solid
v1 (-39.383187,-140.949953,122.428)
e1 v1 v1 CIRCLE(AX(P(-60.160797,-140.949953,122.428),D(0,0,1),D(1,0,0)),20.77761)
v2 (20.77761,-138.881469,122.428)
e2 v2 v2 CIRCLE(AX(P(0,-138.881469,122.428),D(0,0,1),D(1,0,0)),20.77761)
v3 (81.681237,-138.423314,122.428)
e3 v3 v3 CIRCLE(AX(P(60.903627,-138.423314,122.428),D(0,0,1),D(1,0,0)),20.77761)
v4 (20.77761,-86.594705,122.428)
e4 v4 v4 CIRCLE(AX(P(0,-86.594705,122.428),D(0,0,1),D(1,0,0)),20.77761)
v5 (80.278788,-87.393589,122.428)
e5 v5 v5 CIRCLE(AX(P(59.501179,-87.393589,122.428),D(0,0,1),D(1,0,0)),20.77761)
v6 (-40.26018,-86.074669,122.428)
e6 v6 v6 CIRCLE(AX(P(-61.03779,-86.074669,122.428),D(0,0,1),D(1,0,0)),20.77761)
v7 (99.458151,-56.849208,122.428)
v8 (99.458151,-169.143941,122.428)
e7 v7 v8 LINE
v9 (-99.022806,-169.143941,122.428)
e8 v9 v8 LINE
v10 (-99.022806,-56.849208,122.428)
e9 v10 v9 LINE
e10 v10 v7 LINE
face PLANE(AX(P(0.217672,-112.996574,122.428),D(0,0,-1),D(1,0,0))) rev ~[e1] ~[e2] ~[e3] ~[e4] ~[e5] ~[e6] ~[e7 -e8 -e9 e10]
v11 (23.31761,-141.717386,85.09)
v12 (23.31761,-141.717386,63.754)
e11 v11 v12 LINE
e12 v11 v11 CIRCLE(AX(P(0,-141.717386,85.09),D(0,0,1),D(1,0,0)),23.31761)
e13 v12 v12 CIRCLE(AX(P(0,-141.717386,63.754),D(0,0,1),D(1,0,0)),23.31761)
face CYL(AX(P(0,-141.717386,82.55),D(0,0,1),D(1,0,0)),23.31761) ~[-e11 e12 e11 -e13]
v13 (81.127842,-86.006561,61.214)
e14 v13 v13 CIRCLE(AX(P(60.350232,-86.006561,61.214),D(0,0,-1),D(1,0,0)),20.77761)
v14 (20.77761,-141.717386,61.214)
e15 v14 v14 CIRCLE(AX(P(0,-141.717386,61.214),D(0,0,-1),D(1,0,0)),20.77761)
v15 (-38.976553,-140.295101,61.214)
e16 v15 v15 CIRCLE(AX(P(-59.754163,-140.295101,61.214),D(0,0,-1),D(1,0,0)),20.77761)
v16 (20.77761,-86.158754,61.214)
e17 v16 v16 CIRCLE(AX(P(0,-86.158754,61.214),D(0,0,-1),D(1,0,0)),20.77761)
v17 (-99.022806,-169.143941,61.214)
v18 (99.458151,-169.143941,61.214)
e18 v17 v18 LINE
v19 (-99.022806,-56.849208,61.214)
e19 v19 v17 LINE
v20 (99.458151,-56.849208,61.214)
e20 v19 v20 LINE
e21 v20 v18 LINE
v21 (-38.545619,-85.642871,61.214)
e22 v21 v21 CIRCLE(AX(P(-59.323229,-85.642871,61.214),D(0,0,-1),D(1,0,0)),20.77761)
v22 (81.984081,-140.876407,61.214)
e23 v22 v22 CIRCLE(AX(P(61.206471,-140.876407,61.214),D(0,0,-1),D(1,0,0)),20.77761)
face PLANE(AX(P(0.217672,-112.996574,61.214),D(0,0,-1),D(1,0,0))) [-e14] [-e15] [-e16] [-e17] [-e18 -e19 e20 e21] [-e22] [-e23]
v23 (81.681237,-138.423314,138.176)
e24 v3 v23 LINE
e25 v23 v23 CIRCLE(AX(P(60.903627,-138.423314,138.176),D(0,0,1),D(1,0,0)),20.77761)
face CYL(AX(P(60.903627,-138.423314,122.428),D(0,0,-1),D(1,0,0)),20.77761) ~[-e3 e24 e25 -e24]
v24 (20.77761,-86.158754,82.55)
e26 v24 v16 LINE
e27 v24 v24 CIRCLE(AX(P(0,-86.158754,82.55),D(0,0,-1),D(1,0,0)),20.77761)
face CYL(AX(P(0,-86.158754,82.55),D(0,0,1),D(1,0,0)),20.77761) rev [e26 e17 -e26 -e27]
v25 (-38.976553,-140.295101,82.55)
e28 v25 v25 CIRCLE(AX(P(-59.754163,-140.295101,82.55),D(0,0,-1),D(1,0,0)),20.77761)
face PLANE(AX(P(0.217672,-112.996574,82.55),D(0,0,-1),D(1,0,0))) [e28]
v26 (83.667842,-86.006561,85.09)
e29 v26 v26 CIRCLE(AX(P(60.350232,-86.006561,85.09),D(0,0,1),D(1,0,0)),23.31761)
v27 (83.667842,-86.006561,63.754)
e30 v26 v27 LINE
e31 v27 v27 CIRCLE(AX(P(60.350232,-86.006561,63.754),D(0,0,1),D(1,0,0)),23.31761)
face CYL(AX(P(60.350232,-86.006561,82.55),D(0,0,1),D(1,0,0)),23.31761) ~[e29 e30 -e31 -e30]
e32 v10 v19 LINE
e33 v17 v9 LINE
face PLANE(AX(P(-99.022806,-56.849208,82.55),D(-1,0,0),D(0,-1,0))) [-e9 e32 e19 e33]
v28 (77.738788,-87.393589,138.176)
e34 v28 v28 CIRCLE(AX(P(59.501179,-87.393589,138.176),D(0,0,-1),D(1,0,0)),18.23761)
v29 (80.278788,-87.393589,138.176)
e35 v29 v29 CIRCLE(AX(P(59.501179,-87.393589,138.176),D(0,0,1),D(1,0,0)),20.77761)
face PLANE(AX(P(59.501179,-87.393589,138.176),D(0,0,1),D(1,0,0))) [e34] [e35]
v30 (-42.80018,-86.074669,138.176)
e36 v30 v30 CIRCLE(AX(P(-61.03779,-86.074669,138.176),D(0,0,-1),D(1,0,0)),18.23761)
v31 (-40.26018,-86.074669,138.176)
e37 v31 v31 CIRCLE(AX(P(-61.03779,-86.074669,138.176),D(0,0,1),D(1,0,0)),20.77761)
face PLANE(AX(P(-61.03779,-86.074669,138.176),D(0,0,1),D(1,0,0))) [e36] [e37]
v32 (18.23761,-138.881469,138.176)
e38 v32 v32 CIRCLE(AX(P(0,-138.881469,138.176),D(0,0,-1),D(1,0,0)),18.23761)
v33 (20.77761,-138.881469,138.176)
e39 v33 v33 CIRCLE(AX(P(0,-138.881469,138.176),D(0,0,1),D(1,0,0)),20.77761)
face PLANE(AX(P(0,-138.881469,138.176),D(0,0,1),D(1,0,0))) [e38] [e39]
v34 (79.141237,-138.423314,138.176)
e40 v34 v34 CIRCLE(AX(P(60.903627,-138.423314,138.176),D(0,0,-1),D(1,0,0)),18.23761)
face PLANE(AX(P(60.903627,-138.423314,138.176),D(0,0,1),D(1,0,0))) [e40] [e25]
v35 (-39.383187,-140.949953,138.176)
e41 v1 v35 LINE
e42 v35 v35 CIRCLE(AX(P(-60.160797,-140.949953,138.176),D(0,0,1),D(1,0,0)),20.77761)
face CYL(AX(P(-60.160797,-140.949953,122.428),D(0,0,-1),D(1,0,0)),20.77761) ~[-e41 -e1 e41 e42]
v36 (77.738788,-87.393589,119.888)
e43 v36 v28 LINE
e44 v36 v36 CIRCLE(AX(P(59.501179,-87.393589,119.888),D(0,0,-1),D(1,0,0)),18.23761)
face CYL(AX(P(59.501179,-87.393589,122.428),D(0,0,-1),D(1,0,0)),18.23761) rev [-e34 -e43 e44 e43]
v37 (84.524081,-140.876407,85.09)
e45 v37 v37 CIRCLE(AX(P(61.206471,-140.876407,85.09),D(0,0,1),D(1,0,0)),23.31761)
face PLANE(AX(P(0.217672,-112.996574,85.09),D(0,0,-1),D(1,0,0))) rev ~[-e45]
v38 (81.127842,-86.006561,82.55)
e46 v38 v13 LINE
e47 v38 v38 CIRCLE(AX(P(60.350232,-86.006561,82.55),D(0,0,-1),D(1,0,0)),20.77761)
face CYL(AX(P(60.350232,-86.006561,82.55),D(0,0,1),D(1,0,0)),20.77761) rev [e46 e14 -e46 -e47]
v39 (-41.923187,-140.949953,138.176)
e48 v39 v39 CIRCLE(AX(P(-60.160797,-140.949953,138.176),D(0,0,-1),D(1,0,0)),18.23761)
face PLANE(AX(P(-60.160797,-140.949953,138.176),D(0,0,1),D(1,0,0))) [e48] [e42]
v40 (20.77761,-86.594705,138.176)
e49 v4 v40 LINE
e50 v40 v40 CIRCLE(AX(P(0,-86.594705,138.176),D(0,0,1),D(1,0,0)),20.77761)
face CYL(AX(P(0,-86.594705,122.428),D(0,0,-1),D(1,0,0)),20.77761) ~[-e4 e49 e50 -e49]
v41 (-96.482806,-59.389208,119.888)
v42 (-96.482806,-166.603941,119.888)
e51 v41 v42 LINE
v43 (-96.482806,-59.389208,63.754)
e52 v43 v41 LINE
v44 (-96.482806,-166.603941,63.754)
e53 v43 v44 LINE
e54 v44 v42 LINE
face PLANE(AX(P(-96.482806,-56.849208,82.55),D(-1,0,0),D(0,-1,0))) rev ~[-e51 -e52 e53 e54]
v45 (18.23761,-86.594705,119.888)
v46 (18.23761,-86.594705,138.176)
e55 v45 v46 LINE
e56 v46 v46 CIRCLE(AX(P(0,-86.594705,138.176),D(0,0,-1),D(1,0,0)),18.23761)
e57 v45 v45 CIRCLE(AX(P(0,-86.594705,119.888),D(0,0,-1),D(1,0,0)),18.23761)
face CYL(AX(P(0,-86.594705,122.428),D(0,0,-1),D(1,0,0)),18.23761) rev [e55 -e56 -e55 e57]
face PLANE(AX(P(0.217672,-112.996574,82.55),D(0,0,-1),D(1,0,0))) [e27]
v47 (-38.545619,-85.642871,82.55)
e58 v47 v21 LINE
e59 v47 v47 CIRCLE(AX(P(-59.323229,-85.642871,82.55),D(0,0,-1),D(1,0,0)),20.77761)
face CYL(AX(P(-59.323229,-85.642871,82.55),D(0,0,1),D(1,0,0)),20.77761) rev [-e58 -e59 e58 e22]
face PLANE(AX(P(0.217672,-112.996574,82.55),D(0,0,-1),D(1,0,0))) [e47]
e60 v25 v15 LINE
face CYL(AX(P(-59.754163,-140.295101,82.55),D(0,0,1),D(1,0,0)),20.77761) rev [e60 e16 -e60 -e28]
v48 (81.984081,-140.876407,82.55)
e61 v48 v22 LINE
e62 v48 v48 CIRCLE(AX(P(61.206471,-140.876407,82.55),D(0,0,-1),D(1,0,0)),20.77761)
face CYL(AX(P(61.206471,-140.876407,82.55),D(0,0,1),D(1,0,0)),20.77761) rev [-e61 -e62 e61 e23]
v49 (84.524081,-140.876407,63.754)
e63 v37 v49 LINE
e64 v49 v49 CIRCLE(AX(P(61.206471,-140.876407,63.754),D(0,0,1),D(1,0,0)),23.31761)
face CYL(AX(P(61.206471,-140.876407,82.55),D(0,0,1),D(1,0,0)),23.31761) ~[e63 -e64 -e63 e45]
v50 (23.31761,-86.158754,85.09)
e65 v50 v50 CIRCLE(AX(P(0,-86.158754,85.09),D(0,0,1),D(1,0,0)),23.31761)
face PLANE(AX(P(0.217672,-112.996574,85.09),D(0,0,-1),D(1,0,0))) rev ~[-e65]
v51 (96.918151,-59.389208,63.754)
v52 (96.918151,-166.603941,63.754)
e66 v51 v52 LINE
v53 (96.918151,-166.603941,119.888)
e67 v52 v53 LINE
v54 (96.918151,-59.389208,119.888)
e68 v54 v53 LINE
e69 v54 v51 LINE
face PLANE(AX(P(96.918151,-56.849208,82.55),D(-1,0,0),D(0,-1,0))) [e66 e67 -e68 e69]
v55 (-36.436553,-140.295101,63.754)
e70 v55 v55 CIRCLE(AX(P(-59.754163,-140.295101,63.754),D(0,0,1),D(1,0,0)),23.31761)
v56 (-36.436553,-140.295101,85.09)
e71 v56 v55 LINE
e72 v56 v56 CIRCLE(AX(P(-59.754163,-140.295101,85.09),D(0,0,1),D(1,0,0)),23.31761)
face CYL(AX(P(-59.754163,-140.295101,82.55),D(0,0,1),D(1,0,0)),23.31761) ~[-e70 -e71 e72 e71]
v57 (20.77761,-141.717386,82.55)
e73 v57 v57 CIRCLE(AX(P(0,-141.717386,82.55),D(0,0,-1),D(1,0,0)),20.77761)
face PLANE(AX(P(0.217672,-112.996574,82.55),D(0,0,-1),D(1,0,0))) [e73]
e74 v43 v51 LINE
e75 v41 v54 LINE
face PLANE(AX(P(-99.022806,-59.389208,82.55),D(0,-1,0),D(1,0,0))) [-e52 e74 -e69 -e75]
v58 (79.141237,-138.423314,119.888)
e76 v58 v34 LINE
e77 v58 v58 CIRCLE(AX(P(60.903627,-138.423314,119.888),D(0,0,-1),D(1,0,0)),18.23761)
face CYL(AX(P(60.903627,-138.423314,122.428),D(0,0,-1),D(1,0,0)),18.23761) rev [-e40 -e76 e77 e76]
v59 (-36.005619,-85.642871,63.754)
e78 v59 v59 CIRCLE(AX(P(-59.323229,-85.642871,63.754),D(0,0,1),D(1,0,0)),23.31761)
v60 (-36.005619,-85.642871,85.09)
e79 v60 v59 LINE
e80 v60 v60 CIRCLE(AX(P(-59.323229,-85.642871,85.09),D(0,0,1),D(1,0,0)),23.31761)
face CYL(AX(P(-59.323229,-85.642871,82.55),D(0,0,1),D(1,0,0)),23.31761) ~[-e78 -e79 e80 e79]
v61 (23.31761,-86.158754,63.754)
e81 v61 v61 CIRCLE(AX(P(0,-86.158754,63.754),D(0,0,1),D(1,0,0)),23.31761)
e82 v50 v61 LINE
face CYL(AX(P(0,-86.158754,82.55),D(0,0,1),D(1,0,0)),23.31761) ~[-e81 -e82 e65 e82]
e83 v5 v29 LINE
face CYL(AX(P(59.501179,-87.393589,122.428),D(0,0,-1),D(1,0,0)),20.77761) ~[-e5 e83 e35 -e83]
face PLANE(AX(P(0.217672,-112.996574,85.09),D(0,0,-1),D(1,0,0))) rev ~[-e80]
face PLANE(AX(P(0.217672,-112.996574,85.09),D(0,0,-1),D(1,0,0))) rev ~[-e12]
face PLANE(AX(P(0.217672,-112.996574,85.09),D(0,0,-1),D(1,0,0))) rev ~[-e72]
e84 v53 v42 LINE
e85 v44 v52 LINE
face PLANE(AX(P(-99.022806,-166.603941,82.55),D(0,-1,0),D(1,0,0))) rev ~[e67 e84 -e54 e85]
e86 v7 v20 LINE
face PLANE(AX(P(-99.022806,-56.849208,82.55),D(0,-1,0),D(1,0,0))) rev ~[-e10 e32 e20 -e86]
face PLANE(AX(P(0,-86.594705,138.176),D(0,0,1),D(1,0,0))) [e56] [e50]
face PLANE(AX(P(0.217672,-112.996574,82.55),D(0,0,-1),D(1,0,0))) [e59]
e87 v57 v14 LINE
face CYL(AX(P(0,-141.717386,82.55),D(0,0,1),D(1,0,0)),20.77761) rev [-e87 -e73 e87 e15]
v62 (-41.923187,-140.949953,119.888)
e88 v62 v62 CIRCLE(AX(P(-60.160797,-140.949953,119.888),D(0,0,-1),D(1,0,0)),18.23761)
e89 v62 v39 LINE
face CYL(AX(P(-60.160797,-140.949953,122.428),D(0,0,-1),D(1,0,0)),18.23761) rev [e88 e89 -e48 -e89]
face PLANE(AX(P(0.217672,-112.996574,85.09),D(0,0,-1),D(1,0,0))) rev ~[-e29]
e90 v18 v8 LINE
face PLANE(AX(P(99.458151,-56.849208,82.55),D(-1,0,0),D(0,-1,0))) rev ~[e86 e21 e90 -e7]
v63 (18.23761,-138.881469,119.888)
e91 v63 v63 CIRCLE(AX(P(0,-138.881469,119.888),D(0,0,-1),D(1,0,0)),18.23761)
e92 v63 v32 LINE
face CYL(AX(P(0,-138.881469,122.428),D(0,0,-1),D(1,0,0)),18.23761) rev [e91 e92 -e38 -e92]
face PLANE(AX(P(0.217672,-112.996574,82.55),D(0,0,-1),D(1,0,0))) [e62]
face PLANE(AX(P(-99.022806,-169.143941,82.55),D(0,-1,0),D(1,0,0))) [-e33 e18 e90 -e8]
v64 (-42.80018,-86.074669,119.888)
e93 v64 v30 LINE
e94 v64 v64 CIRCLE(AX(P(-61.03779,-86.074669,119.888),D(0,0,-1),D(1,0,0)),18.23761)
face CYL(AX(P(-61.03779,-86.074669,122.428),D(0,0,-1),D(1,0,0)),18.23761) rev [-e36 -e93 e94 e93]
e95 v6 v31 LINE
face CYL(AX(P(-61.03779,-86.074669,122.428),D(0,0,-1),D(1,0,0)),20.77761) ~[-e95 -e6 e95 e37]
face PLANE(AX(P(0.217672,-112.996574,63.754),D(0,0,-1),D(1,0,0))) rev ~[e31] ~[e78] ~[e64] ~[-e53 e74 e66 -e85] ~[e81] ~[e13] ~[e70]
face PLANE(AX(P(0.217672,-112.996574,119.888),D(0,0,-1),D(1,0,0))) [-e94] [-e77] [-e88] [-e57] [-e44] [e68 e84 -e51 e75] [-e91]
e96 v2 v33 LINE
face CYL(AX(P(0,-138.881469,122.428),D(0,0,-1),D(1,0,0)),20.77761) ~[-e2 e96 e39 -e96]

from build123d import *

# Parameters (mm, degrees)
F0_W     = 198.4809562564
F0_H     = 112.2947335243
F1_DEPTH = 39.878
F2_R     = 20.7776097732
F3_DEPTH = 15.748
F4_W     = 198.4809562564
F4_H     = 112.2947335243
F4_R     = 20.7776097732
F5_DEPTH = 21.336
F6_ANGLE = 180
F7_T     = -2.54


with BuildPart() as f1:
    # F0 (on Top) → F1 (new body)
    with BuildSketch(Plane.XY):
        with Locations((0.2176724374, -0.7018409669)):
            Rectangle(F0_W, F0_H)
    extrude(amount=F1_DEPTH)

    # F2 (on face) → F3 (join)
    with BuildSketch(Plane(origin=(0, 0, 0), x_dir=(1, 0, 0), z_dir=(0, 0, -1))):
        with Locations((-61.0377900302, 27.6237465441)):
            Circle(F2_R)
        with Locations((-60.1607970893, -27.2515378892)):
            Circle(F2_R)
        with Locations((0, -25.1830536872)):
            Circle(F2_R)
        with Locations((0, 27.1037101871)):
            Circle(F2_R)
        with Locations((60.9036274254, -24.7248988599)):
            Circle(F2_R)
        with Locations((59.5011785626, 26.3048261404)):
            Circle(F2_R)
    extrude(amount=F3_DEPTH)

    # F4 (on face) → F5 (join)
    with BuildSketch(Plane.XY.offset(39.878)):
        with Locations((0.2176724374, -0.7018409669)):
            Rectangle(F4_W, F4_H)
        with Locations((-59.3232288957, -28.0555449426)):
            Circle(F4_R, mode=Mode.SUBTRACT)
        with Locations((0, -27.5396611542)):
            Circle(F4_R, mode=Mode.SUBTRACT)
        with Locations((60.3502318263, -27.691854164)):
            Circle(F4_R, mode=Mode.SUBTRACT)
        with Locations((-59.7541630268, 26.5966858715)):
            Circle(F4_R, mode=Mode.SUBTRACT)
        with Locations((0, 28.0189700425)):
            Circle(F4_R, mode=Mode.SUBTRACT)
        with Locations((61.206471175, 27.1779913455)):
            Circle(F4_R, mode=Mode.SUBTRACT)
    extrude(amount=F5_DEPTH)


with BuildPart() as f1_1:
    # F6: moved
    add(f1.part.rotate(Axis((0.2176724374, -56.8492077291, 61.214), (1, 0, 0)), F6_ANGLE))

    # F7
    f7_openings = [f1_1.faces().sort_by_distance(p)[0] for p in [
        (-60.160797, -140.949953, 138.176),
        (-61.03779, -86.074669, 138.176),
        (0, -86.594705, 138.176),
        (0, -138.881469, 138.176),
        (60.903627, -138.423314, 138.176),
        (59.501179, -87.393589, 138.176),
    ]]
    offset(amount=F7_T, openings=f7_openings, kind=Kind.INTERSECTION)


solid = f1_1.part
